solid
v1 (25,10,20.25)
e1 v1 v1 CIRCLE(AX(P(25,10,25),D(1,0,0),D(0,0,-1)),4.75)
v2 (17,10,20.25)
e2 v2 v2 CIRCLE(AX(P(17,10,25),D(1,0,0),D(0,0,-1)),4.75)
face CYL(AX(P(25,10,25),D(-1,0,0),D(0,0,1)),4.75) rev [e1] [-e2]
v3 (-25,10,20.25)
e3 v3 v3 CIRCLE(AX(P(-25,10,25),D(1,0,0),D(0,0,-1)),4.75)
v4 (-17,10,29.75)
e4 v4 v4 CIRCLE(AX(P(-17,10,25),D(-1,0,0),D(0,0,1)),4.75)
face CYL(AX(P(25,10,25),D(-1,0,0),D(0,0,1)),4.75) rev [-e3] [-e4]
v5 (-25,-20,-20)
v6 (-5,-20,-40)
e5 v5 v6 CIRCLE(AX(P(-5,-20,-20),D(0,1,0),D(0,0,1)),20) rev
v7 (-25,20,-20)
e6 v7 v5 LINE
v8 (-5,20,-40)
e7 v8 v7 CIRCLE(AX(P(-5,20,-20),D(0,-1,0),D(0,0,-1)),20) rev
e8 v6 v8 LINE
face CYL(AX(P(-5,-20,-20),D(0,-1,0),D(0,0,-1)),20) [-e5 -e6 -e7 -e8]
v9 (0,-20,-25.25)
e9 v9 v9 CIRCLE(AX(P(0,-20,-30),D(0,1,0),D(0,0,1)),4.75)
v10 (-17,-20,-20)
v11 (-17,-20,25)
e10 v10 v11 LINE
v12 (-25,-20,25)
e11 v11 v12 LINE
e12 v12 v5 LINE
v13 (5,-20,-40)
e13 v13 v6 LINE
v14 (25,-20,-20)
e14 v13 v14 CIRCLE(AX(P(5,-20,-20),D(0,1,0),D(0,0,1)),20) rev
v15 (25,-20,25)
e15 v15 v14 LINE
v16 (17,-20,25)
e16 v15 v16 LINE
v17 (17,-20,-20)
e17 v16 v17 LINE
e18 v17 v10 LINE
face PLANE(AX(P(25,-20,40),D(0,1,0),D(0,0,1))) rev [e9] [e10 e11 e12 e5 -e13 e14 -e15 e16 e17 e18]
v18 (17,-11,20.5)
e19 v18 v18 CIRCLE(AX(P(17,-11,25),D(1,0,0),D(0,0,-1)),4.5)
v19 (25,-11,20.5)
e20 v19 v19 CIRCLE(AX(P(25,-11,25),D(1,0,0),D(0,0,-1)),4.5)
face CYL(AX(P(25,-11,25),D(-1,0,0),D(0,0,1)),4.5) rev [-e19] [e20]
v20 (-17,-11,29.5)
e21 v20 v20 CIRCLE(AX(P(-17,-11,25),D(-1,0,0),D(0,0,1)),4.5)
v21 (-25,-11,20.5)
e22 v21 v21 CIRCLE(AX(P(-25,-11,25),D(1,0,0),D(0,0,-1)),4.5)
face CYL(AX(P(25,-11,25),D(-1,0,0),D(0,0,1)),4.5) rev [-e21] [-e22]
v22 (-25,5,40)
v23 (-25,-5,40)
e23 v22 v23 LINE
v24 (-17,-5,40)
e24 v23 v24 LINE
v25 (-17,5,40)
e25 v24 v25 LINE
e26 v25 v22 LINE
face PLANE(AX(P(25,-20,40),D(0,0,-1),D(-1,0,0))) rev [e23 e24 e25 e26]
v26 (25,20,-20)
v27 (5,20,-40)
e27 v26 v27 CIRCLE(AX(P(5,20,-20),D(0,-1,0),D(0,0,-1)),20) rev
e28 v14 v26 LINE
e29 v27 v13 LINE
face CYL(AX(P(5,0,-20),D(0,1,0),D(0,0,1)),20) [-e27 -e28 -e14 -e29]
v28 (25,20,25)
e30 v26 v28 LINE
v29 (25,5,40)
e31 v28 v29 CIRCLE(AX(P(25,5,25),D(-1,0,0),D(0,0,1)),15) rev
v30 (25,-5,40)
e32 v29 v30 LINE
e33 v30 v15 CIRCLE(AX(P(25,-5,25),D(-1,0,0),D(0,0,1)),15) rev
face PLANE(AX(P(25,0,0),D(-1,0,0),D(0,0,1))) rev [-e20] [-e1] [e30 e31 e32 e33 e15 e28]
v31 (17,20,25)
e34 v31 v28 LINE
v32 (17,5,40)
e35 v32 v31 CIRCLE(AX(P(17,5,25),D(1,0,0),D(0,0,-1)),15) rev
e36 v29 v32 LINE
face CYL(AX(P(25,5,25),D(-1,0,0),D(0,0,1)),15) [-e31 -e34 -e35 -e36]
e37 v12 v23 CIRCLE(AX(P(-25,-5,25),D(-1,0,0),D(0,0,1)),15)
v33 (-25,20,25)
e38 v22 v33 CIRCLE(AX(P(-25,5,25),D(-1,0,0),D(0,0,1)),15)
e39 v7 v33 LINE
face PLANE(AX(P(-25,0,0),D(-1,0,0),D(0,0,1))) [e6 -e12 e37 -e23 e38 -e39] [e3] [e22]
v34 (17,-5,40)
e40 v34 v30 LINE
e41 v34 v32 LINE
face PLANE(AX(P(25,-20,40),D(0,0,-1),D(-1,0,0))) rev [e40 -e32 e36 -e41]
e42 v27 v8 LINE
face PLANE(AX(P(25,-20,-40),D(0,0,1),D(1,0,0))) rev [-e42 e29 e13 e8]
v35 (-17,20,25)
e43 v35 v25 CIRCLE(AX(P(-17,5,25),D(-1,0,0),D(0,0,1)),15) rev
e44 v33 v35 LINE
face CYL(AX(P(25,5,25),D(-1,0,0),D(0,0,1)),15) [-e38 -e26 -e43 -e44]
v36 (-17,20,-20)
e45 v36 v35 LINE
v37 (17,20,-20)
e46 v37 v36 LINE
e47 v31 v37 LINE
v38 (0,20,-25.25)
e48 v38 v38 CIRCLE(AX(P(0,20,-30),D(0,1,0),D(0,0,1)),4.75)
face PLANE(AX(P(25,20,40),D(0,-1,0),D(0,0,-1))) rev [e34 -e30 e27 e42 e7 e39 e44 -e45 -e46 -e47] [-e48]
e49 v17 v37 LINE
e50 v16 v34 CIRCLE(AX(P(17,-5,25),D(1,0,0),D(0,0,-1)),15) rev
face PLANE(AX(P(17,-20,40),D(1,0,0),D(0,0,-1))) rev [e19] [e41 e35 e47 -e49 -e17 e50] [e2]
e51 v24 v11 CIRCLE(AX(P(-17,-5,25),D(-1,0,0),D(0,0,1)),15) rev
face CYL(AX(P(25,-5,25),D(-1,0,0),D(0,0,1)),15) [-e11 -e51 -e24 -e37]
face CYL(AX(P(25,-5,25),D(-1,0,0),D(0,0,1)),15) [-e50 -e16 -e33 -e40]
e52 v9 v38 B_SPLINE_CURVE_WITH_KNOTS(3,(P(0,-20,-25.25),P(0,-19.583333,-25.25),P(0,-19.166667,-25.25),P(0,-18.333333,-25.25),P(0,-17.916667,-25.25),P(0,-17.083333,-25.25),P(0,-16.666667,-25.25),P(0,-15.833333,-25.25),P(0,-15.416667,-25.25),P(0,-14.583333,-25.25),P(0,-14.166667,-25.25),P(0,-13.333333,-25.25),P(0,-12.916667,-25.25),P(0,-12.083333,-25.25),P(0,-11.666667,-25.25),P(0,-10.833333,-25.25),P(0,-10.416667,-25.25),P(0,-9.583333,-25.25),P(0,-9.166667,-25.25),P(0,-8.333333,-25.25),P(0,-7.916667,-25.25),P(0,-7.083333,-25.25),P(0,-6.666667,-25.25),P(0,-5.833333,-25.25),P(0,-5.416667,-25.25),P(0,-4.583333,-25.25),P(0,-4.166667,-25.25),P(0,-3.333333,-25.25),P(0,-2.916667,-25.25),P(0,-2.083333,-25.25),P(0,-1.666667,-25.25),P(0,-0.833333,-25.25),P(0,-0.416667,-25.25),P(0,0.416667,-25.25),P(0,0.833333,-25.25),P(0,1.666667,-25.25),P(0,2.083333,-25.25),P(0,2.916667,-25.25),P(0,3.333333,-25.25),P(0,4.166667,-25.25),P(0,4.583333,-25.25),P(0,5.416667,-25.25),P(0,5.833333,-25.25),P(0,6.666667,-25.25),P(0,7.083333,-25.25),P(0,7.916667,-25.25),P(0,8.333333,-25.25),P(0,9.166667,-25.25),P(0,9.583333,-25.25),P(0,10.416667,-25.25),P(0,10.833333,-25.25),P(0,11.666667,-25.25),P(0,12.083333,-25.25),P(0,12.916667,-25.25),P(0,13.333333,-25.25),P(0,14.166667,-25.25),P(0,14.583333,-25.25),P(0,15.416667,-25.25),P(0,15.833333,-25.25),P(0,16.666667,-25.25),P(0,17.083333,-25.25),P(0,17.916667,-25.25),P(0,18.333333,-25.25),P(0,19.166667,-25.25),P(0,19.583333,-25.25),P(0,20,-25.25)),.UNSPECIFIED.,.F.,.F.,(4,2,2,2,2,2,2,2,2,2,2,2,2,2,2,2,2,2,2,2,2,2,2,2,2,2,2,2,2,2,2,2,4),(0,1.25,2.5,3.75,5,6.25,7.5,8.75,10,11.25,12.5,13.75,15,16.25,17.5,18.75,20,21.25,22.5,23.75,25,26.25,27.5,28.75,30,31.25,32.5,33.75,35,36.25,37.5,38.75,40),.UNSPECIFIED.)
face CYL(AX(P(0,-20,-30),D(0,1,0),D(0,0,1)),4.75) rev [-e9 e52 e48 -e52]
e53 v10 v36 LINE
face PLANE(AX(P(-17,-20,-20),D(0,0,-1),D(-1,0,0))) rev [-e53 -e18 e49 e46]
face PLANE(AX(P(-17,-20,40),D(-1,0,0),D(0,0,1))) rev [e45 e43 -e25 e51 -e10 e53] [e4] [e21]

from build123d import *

# Parameters (mm, degrees)
SKETCH4_W               = 80
SKETCH4_H               = 40
SKETCH4_R               = 4.75
SKETCH4_R_2             = 4.5
BOSS_EXTRUDE2_DEPTH     = 25
CUT_EXTRUDE3_DEPTH      = 52.23475383
CUT_EXTRUDE3_DEPTH_BACK = 52.23475383
SKETCH5_W               = 34
SKETCH5_H               = 60
CUT_EXTRUDE4_DEPTH      = 52.23475383
CUT_EXTRUDE4_DEPTH_BACK = 52.23475383
SKETCH6_R               = 4.75
FILLET1_R               = 20
FILLET3_R               = 15


with BuildPart() as part:
    # Sketch4 → Boss-Extrude2 (new, symmetric)
    with BuildSketch(Plane(origin=(0, 0, 0), x_dir=(0, 0, -1), z_dir=(1, 0, 0))):
        Rectangle(SKETCH4_W, SKETCH4_H)
        with Locations((-25, 10)):
            Circle(SKETCH4_R, mode=Mode.SUBTRACT)
        with Locations((-25, -11)):
            Circle(SKETCH4_R_2, mode=Mode.SUBTRACT)
    extrude(amount=BOSS_EXTRUDE2_DEPTH, both=True)

    # Sketch5 → Cut-Extrude3 (cut, two sides: drawn at the far end of the back side and taken through both)
    with BuildSketch(Plane(origin=(0, 0, 0), x_dir=(1, 0, 0), z_dir=(0, 1, 0)).offset(-CUT_EXTRUDE3_DEPTH_BACK)):
        with Locations((0, -10)):
            Rectangle(SKETCH5_W, SKETCH5_H)
    extrude(amount=CUT_EXTRUDE3_DEPTH + CUT_EXTRUDE3_DEPTH_BACK, mode=Mode.SUBTRACT)

    # Sketch6 → Cut-Extrude4 (cut, two sides: drawn at the far end of the back side and taken through both)
    with BuildSketch(Plane(origin=(0, 0, 0), x_dir=(1, 0, 0), z_dir=(0, 1, 0)).offset(-CUT_EXTRUDE4_DEPTH_BACK)):
        with Locations(Location((0, 30, 0), (0, 0, 270))):
            Circle(SKETCH6_R)
    extrude(amount=CUT_EXTRUDE4_DEPTH + CUT_EXTRUDE4_DEPTH_BACK, mode=Mode.SUBTRACT)

    # Fillet1
    fillet1_edges = [part.edges().sort_by_distance(p)[0] for p in [
        (25, 0, -40),
        (-25, 0, -40),
    ]]
    fillet(fillet1_edges, radius=FILLET1_R)

    # Fillet3
    fillet3_edges = [part.edges().sort_by_distance(p)[0] for p in [
        (-21, -20, 40),
        (-21, 20, 40),
        (21, -20, 40),
        (21, 20, 40),
    ]]
    fillet(fillet3_edges, radius=FILLET3_R)


solid = part.part
